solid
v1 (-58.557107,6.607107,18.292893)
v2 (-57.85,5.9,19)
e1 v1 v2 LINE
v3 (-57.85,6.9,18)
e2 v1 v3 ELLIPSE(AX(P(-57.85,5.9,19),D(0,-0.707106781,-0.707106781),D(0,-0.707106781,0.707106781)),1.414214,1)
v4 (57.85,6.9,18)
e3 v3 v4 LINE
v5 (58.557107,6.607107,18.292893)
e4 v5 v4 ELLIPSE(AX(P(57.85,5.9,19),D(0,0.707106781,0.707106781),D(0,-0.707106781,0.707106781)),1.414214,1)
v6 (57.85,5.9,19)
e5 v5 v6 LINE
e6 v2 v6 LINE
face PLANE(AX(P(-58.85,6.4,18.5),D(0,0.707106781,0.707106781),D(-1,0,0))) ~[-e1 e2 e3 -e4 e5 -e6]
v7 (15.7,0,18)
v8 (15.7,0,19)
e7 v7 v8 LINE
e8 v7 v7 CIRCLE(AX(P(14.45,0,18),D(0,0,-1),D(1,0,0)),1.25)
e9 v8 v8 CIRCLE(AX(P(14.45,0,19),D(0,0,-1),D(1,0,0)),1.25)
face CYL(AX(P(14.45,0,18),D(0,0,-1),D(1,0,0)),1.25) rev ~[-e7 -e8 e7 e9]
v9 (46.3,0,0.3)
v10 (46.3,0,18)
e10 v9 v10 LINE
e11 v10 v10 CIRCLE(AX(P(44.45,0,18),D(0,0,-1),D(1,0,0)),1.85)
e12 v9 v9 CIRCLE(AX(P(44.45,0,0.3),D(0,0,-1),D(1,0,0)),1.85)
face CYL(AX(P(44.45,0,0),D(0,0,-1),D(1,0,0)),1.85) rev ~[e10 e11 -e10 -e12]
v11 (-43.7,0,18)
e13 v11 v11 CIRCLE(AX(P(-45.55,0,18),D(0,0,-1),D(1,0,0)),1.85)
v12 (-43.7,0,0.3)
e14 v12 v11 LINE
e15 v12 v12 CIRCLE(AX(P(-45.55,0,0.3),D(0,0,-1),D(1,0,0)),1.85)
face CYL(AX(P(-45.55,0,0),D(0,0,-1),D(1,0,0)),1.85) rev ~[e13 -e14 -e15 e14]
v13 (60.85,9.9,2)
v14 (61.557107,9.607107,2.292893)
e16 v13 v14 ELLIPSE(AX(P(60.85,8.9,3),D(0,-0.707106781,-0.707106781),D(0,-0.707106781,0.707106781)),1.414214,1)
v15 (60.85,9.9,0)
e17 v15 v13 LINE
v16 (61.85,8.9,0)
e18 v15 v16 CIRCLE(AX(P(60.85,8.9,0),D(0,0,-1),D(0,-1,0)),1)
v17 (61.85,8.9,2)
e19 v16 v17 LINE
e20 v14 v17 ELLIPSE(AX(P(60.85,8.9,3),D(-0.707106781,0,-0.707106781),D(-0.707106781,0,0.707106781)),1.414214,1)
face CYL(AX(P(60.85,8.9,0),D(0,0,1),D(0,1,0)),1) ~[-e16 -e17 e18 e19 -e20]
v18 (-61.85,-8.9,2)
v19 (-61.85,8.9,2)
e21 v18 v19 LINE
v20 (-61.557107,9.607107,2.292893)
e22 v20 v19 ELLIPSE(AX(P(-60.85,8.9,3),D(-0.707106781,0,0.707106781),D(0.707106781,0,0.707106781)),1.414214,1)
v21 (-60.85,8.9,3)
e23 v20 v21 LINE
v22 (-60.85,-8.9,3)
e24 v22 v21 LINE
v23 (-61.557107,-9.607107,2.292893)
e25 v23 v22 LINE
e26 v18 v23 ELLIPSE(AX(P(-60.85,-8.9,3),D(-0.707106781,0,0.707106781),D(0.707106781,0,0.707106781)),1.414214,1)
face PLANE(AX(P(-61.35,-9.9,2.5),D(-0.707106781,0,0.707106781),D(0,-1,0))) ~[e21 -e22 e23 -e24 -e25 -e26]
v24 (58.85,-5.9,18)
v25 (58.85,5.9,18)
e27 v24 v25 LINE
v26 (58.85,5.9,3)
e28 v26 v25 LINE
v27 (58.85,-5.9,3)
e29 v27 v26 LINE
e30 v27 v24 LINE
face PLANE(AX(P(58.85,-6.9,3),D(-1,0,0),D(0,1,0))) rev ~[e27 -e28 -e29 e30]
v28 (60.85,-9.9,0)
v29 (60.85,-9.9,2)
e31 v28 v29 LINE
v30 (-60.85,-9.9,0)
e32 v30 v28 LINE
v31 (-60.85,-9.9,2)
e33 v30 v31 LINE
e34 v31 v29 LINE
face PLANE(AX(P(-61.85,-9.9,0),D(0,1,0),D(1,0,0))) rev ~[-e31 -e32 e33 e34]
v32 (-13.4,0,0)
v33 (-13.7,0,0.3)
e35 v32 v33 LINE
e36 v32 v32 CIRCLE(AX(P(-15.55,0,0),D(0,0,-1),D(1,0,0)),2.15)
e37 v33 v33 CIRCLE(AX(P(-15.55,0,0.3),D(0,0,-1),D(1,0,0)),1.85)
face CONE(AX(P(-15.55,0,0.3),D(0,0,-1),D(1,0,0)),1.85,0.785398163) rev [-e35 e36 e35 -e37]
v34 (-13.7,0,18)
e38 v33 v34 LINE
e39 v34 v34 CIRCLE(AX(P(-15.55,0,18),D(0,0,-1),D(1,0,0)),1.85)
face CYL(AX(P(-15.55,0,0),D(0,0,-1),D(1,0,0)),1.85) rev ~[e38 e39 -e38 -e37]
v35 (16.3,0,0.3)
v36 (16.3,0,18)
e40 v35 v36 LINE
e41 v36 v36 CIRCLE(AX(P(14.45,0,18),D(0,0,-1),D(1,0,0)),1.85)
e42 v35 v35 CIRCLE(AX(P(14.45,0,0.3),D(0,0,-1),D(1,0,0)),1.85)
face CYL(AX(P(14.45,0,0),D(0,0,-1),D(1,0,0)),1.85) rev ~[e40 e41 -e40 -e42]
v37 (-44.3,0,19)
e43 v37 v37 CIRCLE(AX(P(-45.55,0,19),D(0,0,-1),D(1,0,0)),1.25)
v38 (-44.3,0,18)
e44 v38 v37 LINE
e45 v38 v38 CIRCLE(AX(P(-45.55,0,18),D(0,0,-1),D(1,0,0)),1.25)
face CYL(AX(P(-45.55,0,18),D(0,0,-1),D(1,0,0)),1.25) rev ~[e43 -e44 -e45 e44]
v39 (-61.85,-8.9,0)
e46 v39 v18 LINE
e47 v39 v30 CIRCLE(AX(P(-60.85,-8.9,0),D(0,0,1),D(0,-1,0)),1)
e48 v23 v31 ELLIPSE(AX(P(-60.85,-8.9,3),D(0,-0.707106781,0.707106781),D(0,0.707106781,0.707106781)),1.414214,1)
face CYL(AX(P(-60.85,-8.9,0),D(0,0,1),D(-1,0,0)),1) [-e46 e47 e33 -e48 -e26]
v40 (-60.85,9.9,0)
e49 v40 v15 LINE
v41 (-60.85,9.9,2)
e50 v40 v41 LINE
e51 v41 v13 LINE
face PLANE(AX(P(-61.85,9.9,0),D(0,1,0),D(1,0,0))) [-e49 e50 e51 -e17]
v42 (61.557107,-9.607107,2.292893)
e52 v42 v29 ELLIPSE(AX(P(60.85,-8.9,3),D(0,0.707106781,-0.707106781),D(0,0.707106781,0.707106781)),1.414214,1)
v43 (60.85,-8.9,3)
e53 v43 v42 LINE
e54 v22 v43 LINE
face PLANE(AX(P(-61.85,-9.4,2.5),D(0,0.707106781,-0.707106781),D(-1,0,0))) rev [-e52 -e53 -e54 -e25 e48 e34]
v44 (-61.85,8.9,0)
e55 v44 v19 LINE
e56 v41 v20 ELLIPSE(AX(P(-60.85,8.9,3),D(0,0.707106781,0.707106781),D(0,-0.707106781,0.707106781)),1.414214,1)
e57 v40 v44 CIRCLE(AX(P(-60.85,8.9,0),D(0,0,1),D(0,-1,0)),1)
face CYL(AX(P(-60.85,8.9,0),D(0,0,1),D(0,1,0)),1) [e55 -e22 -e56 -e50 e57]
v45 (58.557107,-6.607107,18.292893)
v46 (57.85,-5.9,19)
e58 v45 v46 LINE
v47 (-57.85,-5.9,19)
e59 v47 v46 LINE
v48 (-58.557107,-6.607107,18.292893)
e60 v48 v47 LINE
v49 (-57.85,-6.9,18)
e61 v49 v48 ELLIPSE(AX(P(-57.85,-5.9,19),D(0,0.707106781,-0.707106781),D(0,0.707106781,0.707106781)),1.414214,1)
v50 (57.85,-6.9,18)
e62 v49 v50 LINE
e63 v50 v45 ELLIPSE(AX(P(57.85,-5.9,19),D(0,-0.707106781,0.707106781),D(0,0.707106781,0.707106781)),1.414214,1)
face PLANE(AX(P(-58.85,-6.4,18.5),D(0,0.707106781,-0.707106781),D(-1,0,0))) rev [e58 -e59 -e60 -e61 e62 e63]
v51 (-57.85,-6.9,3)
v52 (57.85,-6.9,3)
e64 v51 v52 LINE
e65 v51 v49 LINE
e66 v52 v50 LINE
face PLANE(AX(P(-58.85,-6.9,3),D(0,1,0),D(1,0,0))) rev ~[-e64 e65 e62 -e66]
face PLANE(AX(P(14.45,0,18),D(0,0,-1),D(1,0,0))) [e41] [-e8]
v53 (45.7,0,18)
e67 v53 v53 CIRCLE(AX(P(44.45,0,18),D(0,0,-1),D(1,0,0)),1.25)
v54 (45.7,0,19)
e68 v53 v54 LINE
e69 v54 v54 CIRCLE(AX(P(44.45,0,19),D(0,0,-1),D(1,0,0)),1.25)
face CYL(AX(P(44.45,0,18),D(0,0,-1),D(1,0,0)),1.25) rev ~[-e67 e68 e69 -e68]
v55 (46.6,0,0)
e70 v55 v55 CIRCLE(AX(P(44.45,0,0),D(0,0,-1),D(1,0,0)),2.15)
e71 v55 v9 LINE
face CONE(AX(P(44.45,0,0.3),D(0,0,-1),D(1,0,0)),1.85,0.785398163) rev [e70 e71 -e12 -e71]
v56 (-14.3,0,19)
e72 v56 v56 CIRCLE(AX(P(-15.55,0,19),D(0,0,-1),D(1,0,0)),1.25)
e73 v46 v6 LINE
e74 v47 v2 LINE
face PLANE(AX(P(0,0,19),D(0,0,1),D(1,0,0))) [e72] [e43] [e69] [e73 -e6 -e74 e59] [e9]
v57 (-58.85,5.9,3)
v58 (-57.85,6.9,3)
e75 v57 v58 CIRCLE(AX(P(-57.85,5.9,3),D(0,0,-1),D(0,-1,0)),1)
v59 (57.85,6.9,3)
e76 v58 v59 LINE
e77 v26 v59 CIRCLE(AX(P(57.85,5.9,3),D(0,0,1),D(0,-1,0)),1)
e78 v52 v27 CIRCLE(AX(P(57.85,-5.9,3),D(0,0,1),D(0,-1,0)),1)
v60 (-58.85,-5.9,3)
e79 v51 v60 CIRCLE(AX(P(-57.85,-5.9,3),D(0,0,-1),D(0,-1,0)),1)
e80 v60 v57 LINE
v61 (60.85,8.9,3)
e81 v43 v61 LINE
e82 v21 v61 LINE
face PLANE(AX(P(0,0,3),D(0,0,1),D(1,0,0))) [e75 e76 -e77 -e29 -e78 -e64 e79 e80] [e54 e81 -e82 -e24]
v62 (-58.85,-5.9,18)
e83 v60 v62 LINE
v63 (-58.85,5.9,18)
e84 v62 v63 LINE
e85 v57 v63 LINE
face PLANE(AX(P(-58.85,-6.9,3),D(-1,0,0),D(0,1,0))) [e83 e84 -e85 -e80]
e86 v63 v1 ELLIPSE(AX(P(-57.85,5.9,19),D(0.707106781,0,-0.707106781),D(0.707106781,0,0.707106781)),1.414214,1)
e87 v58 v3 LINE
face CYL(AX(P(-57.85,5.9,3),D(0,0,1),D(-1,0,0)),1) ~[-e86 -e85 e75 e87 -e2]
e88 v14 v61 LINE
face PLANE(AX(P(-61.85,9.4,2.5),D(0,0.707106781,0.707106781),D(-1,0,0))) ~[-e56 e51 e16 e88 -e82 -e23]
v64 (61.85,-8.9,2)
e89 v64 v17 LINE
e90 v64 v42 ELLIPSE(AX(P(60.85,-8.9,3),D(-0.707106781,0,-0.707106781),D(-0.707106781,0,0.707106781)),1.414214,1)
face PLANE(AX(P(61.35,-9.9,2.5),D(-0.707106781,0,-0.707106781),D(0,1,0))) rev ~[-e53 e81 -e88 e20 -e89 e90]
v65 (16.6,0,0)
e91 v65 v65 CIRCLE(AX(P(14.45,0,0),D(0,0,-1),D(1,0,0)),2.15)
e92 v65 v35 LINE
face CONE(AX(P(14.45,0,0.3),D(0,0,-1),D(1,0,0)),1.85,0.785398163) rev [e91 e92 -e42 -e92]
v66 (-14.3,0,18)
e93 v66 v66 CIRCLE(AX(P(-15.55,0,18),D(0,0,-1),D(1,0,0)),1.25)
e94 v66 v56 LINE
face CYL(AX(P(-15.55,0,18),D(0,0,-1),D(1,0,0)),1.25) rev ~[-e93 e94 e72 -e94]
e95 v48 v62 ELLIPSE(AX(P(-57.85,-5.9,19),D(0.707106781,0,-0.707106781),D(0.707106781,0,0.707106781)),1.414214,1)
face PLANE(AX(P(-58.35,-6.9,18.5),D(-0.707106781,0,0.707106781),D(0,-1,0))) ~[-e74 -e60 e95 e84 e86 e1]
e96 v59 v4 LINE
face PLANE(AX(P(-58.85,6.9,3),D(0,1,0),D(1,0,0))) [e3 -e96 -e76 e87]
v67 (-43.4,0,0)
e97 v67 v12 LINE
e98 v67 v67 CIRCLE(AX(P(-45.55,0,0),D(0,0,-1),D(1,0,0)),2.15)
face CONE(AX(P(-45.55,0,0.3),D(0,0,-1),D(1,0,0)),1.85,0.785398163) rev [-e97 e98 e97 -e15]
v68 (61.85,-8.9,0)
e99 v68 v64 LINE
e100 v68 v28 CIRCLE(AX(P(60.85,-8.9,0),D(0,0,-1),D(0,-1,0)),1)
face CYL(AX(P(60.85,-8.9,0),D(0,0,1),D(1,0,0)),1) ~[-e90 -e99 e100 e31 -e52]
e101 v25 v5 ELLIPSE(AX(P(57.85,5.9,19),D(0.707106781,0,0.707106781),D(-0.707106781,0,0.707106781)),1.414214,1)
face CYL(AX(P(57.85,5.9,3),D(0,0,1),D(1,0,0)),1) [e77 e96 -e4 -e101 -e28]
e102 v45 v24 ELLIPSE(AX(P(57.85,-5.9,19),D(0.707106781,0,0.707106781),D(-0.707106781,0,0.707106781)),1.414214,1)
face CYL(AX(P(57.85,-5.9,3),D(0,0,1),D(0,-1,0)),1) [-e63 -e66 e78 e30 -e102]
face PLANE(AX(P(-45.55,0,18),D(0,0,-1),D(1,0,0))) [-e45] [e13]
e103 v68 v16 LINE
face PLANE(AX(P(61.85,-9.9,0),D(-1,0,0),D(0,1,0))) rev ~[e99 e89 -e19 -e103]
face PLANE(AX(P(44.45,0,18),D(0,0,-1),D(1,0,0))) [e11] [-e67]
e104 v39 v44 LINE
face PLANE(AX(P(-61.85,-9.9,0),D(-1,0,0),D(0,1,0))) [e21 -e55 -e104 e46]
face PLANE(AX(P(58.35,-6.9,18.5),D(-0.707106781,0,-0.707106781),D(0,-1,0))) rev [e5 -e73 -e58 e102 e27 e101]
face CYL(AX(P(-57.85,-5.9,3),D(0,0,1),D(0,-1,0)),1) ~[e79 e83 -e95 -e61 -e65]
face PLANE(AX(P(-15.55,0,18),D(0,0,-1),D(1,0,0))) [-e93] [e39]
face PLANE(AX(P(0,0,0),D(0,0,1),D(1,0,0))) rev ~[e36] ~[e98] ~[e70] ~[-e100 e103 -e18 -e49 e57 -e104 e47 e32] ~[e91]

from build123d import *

# Parameters (mm, degrees)
SKETCH_W        = 123.7
SKETCH_H        = 19.8
PAD_DEPTH       = 3
SKETCH001_W     = 117.7
SKETCH001_H     = 13.8
PAD001_DEPTH    = 16
SKETCH002_R     = 1.85
POCKET_DEPTH    = 18
CHAMFER_SIZE    = 1
SKETCH003_R     = 1.25
POCKET001_DEPTH = 5
CHAMFER001_SIZE = 1
FILLET_R        = 1
CHAMFER002_SIZE = 0.3


with BuildPart() as part:
    # Sketch → Pad (new body)
    with BuildSketch(Plane.XY):
        Rectangle(SKETCH_W, SKETCH_H)
    extrude(amount=PAD_DEPTH)

    # Sketch001 (on Face6 of Pad) → Pad001 (join)
    with BuildSketch(Plane.XY.offset(3)):
        Rectangle(SKETCH001_W, SKETCH001_H)
    extrude(amount=PAD001_DEPTH)

    # Sketch002 (on Face4 of Pad001) → Pocket (cut)
    with BuildSketch(Plane(origin=(0, 0, 0), x_dir=(1, 0, 0), z_dir=(0, 0, -1))):
        with Locations((-45.55, 0)):
            Circle(SKETCH002_R)
        with Locations((-15.55, 0)):
            Circle(SKETCH002_R)
        with Locations((14.45, 0)):
            Circle(SKETCH002_R)
        with Locations((44.45, 0)):
            Circle(SKETCH002_R)
    extrude(amount=-POCKET_DEPTH, mode=Mode.SUBTRACT)

    # Chamfer
    chamfer_edges = [part.edges().sort_by_distance(p)[0] for p in [
        (0, 9.9, 3),
        (-61.85, 0, 3),
        (61.85, 0, 3),
        (0, -9.9, 3),
    ]]
    chamfer(chamfer_edges, length=CHAMFER_SIZE)

    # Sketch003 → Pocket001 (cut)
    with BuildSketch(Plane(origin=(0, 0, 18), x_dir=(1, 0, 0), z_dir=(0, 0, -1))):
        with Locations((-45.55, 0)):
            Circle(SKETCH003_R)
        with Locations((-15.55, 0)):
            Circle(SKETCH003_R)
        with Locations((14.45, 0)):
            Circle(SKETCH003_R)
        with Locations((44.45, 0)):
            Circle(SKETCH003_R)
    extrude(amount=-POCKET001_DEPTH, mode=Mode.SUBTRACT)

    # Chamfer001
    chamfer001_edges = [part.edges().sort_by_distance(p)[0] for p in [
        (0, -6.9, 19),
        (0, 6.9, 19),
        (-58.85, 0, 19),
        (58.85, 0, 19),
    ]]
    chamfer(chamfer001_edges, length=CHAMFER001_SIZE)

    # Fillet
    fillet_edges = [part.edges().sort_by_distance(p)[0] for p in [
        (58.85, -6.9, 10.5),
        (58.85, 6.9, 10.5),
        (61.85, 9.9, 1),
        (61.85, -9.9, 1),
        (-58.85, -6.9, 10.5),
        (-58.85, 6.9, 10.5),
        (-61.85, 9.9, 1),
        (-61.85, -9.9, 1),
    ]]
    fillet(fillet_edges, radius=FILLET_R)

    # Chamfer002
    chamfer002_edges = [part.edges().sort_by_distance(p)[0] for p in [
        (-47.4, 0, 0),
        (-17.4, 0, 0),
        (12.6, 0, 0),
        (42.6, 0, 0),
    ]]
    chamfer(chamfer002_edges, length=CHAMFER002_SIZE)


solid = part.part
